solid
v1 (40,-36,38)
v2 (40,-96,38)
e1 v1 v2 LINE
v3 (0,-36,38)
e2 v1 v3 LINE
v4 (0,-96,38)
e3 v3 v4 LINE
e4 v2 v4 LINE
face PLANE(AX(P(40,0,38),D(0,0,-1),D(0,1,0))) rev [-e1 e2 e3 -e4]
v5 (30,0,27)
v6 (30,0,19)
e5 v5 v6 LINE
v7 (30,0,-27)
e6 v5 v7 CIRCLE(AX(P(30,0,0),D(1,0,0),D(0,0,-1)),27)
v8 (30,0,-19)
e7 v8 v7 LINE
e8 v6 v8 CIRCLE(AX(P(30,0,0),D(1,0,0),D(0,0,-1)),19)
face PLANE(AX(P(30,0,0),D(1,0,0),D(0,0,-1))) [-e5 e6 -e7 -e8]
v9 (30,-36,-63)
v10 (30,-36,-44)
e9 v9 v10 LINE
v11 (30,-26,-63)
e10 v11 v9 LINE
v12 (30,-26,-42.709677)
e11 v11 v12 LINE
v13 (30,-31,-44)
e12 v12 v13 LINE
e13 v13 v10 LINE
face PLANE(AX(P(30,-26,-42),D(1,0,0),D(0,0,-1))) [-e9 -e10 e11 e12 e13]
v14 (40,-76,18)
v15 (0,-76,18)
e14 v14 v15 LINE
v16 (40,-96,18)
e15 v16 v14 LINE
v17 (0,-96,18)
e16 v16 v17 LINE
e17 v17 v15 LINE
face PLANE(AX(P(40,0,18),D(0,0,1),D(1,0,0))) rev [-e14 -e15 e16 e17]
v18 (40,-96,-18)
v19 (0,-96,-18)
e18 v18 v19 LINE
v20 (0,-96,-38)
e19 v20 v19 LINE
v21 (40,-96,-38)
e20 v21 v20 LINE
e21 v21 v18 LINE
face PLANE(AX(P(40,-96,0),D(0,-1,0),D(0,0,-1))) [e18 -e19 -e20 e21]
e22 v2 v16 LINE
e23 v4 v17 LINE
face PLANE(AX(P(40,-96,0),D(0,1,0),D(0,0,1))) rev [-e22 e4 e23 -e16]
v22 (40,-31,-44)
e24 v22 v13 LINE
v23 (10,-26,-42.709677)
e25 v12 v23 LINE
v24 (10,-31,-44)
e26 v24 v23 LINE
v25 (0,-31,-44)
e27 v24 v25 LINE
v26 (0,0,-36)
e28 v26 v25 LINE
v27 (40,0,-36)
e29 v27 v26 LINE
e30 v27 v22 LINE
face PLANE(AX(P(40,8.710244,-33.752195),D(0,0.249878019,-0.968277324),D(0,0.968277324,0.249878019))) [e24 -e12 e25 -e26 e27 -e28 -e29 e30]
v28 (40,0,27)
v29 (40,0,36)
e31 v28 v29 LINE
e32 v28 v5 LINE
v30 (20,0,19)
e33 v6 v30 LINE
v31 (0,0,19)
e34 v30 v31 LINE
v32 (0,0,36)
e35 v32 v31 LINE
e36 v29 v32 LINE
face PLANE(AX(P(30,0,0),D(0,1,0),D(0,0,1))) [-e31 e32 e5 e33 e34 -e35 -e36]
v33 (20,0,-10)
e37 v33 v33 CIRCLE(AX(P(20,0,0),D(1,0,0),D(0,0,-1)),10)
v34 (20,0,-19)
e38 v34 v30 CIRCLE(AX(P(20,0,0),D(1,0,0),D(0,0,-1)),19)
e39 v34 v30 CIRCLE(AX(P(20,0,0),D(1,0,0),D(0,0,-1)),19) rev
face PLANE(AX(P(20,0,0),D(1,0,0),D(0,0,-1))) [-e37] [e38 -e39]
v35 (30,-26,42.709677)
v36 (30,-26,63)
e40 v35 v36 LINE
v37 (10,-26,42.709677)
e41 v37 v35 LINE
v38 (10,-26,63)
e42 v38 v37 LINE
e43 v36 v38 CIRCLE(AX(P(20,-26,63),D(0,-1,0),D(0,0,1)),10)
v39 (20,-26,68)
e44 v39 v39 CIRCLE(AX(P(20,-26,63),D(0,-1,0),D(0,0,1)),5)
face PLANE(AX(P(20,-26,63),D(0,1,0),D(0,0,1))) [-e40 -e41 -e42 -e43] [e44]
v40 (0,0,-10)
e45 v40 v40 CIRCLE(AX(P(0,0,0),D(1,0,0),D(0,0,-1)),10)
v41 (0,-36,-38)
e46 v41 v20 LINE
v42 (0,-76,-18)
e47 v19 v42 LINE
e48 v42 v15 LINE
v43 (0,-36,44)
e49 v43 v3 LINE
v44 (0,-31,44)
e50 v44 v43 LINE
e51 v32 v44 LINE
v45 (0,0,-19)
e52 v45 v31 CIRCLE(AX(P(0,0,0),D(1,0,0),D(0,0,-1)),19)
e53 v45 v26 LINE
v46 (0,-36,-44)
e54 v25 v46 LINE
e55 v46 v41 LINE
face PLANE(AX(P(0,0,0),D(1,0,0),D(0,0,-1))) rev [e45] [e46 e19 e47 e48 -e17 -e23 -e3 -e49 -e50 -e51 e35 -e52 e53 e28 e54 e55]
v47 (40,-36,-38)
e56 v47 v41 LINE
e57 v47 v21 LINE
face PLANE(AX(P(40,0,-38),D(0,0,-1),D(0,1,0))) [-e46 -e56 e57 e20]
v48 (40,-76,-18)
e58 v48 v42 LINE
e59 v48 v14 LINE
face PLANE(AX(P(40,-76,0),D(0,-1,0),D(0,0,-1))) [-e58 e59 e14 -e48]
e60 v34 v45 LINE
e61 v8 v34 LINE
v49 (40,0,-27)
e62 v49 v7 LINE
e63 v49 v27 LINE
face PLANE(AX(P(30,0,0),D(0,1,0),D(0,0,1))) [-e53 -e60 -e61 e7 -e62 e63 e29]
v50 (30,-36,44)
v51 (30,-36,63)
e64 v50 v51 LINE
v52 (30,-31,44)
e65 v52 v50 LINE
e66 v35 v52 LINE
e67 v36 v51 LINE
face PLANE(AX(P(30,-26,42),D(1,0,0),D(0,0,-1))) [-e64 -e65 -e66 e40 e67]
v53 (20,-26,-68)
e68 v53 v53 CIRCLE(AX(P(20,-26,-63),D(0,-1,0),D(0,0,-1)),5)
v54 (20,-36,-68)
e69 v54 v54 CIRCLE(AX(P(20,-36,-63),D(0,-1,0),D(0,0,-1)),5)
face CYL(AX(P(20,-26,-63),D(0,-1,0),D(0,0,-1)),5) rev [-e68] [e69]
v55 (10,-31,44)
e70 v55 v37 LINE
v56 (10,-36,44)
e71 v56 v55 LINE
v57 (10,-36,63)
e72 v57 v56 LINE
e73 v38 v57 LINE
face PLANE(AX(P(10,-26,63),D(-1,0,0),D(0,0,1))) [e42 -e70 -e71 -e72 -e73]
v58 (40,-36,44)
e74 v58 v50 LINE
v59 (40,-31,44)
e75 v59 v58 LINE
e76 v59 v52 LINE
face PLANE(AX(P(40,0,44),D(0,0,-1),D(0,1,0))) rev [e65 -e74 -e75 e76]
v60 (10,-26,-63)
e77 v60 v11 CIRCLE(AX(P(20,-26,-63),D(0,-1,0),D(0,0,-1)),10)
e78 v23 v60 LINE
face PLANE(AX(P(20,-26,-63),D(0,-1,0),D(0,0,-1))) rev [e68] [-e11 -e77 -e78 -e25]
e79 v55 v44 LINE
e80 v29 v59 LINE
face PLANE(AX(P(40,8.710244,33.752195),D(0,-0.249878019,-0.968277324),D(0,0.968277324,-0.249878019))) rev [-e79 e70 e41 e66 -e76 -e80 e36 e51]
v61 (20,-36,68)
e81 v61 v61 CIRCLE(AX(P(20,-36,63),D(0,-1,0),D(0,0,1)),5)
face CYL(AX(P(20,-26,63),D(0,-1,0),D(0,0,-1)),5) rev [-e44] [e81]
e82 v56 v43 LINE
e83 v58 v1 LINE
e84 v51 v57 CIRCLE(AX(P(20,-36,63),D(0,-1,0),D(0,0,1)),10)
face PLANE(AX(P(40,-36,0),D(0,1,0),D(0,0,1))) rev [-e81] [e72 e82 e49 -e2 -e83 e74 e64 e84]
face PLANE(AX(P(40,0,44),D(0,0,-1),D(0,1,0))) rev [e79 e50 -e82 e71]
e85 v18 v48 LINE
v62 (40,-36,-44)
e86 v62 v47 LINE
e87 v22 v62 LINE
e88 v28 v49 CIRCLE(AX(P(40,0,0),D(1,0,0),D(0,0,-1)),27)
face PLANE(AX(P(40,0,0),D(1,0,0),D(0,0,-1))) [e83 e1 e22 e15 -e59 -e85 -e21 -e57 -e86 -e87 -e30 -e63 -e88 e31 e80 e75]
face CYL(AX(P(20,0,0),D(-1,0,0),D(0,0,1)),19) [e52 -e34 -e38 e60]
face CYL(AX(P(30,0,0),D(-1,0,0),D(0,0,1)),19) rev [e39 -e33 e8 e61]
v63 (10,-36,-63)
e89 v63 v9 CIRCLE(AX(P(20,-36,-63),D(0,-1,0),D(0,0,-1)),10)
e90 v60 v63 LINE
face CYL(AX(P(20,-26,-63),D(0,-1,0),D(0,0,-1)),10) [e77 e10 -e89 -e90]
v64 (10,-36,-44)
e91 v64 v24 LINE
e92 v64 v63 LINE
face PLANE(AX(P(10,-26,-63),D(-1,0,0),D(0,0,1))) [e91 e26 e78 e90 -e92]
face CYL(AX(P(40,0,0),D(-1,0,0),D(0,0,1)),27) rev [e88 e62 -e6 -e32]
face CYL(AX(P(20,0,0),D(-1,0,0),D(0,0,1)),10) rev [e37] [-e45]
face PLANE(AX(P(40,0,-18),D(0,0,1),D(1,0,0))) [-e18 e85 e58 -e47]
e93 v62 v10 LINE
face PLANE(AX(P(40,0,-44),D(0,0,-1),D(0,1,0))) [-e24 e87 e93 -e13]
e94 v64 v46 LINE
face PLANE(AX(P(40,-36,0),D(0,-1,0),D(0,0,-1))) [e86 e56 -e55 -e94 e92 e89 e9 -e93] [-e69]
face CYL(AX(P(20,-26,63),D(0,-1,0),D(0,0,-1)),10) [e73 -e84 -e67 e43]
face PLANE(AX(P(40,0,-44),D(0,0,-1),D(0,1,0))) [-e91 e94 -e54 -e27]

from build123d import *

# Parameters (mm, degrees)
SKETCH1_R           = 10
BOSS_EXTRUDE1_DEPTH = 20
BOSS_EXTRUDE2_DEPTH = 30
BOSS_EXTRUDE3_DEPTH = 40
SKETCH2_R           = 5
BOSS_EXTRUDE4_DEPTH = 10


with BuildPart() as part:
    # Sketch1 → Boss-Extrude1 (new body)
    with BuildSketch(Plane(origin=(0, 0, 0), x_dir=(0, 0, -1), z_dir=(1, 0, 0))):
        with BuildLine():
            ThreePointArc((-19, 0), (0, -19), (19, 0))
            ThreePointArc((19, 0), (0, 19), (-19, 0))
        make_face()
        Circle(SKETCH1_R, mode=Mode.SUBTRACT)
    extrude(amount=BOSS_EXTRUDE1_DEPTH)

    # Sketch1<3> → Boss-Extrude2 (add)
    with BuildSketch(Plane(origin=(0, 0, 0), x_dir=(0, 0, -1), z_dir=(1, 0, 0))):
        with BuildLine():
            ThreePointArc((-27, 0), (0, -27), (27, 0))
            Line((27, 0), (19, 0))
            ThreePointArc((19, 0), (0, -19), (-19, 0))
            Line((-19, 0), (-27, 0))
        make_face()
    extrude(amount=BOSS_EXTRUDE2_DEPTH)

    # Sketch1<4> → Boss-Extrude3 (add)
    with BuildSketch(Plane(origin=(0, 0, 0), x_dir=(0, 0, -1), z_dir=(1, 0, 0))):
        with BuildLine():
            Line((36, 0), (27, 0))
            ThreePointArc((27, 0), (0, -27), (-27, 0))
            Line((-27, 0), (-36, 0))
            Line((-36, 0), (-44, -31))
            Line((-44, -31), (-44, -36))
            Line((-44, -36), (-38, -36))
            Line((-38, -36), (-38, -96))
            Line((-38, -96), (-18, -96))
            Line((-18, -96), (-18, -76))
            Line((-18, -76), (18, -76))
            Line((18, -76), (18, -96))
            Line((18, -96), (38, -96))
            Line((38, -96), (38, -36))
            Line((38, -36), (44, -36))
            Line((44, -36), (44, -31))
            Line((44, -31), (36, 0))
        make_face()
    extrude(amount=BOSS_EXTRUDE3_DEPTH)

    # Sketch2 → Boss-Extrude4 (add)
    # profile 1 of 2: a face of its own
    with BuildSketch(Plane.XZ.offset(36)):
        with BuildLine():
            Line((10, -63), (10, -42))
            Line((10, -42), (30, -42))
            Line((30, -42), (30, -63))
            ThreePointArc((30, -63), (20, -73), (10, -63))
        make_face()
        with Locations((20, -63)):
            Circle(SKETCH2_R, mode=Mode.SUBTRACT)
    # profile 2 of 2: a face of its own
    with BuildSketch(Plane.XZ.offset(36)):
        with BuildLine():
            Line((30, 42), (30, 63))
            ThreePointArc((30, 63), (20, 73), (10, 63))
            Line((10, 63), (10, 42))
            Line((10, 42), (30, 42))
        make_face()
        with Locations((20, 63)):
            Circle(SKETCH2_R, mode=Mode.SUBTRACT)
    extrude(amount=-BOSS_EXTRUDE4_DEPTH)


solid = part.part
